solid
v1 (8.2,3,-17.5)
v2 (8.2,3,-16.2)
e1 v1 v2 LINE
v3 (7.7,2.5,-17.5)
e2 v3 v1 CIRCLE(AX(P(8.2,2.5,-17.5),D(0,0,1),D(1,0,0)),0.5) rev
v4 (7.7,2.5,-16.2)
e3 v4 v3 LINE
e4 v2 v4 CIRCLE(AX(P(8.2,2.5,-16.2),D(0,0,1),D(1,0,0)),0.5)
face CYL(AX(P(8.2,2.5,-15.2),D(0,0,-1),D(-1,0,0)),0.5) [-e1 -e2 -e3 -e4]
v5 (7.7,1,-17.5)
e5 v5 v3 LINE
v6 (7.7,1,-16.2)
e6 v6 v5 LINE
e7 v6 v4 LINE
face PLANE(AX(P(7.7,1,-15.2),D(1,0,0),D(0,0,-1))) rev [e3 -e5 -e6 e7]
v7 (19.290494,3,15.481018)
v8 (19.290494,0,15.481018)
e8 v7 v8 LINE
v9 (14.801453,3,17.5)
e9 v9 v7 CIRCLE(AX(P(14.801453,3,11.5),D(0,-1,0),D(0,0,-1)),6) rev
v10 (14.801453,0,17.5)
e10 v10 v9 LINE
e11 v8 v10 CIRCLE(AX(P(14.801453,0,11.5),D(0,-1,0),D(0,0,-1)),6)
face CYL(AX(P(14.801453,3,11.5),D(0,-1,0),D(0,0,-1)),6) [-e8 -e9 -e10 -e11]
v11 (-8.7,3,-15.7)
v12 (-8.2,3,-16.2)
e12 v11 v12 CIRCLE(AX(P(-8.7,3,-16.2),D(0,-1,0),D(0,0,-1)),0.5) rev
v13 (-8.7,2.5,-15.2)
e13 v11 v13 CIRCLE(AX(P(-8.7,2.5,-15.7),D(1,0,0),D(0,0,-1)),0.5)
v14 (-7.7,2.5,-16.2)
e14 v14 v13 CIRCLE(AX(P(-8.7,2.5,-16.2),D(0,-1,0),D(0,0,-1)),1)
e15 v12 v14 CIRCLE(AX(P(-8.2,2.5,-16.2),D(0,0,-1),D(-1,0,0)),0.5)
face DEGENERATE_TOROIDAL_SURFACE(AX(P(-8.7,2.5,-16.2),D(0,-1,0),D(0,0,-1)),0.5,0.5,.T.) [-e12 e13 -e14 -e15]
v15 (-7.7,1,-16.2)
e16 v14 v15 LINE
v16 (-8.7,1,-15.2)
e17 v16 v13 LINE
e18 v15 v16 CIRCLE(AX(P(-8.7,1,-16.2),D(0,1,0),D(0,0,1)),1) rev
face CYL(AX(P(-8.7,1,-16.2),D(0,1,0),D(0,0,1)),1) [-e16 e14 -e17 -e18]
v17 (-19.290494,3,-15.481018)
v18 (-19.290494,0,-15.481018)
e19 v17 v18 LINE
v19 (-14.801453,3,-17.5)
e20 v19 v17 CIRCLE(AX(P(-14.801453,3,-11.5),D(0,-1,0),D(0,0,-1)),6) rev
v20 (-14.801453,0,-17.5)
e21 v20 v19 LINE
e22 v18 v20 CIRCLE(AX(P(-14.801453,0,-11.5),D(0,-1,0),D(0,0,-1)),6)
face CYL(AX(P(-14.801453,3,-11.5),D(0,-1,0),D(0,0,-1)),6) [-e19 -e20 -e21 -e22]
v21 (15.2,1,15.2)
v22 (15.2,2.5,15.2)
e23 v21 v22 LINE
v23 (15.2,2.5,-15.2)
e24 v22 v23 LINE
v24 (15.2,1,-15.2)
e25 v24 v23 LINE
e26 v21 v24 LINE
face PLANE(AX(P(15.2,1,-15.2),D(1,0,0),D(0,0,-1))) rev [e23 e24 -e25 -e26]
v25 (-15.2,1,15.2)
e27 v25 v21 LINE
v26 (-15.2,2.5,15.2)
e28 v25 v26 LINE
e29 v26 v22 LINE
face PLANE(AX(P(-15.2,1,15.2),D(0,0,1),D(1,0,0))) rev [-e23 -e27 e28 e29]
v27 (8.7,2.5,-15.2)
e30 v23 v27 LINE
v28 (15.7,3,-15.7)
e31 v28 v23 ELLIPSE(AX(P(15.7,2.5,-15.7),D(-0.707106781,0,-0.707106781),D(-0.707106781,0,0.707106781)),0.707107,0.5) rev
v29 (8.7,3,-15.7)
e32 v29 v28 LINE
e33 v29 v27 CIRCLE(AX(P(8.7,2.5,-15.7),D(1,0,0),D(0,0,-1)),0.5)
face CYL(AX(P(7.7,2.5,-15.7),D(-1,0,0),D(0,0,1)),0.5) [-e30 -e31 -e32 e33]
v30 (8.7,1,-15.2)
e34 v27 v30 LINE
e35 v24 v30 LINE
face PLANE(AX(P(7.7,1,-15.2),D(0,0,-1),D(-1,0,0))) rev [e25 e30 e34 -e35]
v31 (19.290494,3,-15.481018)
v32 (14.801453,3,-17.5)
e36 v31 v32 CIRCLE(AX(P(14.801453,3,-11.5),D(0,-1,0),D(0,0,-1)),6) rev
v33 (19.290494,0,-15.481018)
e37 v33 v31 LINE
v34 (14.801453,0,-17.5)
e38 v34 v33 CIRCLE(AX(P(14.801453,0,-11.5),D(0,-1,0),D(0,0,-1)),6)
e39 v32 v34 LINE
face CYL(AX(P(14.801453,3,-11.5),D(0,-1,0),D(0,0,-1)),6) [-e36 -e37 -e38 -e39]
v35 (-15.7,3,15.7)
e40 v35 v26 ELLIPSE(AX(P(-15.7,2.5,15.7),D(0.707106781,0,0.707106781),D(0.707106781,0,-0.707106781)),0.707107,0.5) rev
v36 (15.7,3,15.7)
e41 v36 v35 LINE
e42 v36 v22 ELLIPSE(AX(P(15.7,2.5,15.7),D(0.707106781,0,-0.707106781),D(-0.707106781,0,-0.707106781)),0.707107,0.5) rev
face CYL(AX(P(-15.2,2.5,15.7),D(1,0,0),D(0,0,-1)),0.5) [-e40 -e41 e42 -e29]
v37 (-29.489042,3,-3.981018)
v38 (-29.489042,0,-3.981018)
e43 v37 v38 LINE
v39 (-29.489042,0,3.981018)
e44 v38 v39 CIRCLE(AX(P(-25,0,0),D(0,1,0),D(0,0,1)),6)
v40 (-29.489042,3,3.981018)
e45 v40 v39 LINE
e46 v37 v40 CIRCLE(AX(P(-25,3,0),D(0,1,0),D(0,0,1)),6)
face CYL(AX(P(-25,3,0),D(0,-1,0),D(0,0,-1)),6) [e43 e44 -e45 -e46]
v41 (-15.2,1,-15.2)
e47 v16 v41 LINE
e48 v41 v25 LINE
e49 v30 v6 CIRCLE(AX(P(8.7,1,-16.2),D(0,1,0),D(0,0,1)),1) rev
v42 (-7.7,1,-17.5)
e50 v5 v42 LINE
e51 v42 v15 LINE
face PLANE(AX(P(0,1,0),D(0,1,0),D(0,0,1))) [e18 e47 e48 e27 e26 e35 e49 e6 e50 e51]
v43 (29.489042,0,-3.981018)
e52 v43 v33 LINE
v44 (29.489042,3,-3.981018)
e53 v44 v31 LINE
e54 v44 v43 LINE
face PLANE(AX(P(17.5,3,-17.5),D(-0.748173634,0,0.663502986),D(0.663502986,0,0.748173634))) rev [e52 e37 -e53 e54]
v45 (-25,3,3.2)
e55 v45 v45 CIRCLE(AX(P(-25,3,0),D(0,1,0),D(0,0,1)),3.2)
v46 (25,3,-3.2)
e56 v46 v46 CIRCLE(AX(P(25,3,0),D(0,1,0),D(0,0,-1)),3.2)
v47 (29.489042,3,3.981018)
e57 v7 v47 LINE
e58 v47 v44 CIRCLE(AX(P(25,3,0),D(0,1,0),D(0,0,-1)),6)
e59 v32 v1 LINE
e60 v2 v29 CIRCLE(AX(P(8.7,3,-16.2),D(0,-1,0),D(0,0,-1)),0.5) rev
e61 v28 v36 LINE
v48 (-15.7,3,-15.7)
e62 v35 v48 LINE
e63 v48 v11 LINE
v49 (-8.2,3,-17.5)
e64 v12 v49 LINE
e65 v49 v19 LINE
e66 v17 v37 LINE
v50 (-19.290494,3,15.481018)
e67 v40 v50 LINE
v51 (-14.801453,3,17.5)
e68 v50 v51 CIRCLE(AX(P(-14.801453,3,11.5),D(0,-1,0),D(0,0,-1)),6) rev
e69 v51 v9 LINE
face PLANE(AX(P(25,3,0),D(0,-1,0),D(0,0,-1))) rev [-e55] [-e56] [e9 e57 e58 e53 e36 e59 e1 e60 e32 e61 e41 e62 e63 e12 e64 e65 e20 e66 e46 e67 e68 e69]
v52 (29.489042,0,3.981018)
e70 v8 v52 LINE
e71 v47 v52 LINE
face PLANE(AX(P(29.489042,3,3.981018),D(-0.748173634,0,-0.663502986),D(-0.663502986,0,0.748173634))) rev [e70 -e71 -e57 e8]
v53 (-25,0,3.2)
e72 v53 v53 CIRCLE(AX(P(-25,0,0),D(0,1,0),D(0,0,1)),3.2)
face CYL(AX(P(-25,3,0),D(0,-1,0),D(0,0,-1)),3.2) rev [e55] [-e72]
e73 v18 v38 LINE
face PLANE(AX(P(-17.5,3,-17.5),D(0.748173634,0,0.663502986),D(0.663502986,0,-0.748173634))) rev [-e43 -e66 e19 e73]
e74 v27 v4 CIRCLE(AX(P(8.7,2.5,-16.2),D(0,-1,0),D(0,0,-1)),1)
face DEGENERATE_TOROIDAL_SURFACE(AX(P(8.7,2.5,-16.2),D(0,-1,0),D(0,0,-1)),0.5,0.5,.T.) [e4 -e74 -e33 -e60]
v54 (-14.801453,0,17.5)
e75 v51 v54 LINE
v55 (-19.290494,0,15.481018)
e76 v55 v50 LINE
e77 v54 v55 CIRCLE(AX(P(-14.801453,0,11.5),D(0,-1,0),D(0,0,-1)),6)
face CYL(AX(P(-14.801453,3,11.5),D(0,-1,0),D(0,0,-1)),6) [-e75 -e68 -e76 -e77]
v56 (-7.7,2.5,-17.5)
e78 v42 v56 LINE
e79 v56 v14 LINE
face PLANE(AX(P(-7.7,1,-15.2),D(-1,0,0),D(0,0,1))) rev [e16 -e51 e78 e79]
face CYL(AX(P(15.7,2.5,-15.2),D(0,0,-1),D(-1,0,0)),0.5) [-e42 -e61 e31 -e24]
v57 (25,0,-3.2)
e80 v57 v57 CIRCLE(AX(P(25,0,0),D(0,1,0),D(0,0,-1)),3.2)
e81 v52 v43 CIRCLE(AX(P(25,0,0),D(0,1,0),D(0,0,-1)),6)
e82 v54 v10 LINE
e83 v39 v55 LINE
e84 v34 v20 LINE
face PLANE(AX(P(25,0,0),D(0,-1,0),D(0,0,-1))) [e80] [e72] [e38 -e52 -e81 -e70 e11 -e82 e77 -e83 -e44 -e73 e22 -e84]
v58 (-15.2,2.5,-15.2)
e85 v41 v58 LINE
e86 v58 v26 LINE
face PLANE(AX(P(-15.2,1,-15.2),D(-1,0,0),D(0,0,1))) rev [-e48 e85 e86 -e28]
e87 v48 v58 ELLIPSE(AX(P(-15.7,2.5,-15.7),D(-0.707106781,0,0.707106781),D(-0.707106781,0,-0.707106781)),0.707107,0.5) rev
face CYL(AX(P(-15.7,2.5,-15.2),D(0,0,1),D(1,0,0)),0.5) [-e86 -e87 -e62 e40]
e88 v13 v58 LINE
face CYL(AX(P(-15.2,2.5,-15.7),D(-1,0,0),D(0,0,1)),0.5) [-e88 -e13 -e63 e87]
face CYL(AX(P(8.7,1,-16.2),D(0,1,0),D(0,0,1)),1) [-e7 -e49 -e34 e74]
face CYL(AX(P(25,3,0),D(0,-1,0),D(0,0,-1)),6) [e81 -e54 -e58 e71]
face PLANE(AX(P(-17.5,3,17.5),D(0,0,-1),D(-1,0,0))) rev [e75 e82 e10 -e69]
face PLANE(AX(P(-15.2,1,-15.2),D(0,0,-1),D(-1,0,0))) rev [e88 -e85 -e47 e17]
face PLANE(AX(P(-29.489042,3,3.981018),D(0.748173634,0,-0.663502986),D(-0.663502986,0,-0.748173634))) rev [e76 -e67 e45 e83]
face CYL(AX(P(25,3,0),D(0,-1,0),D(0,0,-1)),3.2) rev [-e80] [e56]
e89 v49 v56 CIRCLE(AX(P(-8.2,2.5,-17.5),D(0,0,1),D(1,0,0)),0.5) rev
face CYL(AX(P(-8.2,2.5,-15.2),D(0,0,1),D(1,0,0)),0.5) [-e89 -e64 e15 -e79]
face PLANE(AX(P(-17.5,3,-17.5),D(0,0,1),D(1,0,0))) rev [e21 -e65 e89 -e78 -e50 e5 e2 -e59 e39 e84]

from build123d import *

# Parameters (mm, degrees)
SKETCH1_R           = 3.2
BOSS_EXTRUDE1_DEPTH = 3
CUT_EXTRUDE1_DEPTH  = 2
FILLET1_R           = 6
FILLET2_R           = 1
FILLET3_R           = 0.5


with BuildPart() as part:
    # Sketch1 → Boss-Extrude1 (new body)
    with BuildSketch(Plane(origin=(0, 0, 0), x_dir=(1, 0, 0), z_dir=(0, 1, 0))):
        with BuildLine():
            Line((-17.5, -17.5), (17.5, -17.5))
            Line((17.5, -17.5), (29.489041807, -3.981017917))
            ThreePointArc((29.489041807, -3.981017917), (31, 0), (29.489041807, 3.981017917))
            Line((29.489041807, 3.981017917), (17.5, 17.5))
            Line((17.5, 17.5), (-17.5, 17.5))
            Line((-17.5, 17.5), (-29.489041807, 3.981017917))
            ThreePointArc((-29.489041807, 3.981017917), (-31, 0), (-29.489041807, -3.981017917))
            Line((-29.489041807, -3.981017917), (-17.5, -17.5))
        make_face()
        with Locations((-25, 0)):
            Circle(SKETCH1_R, mode=Mode.SUBTRACT)
        with Locations((25, 0)):
            Circle(SKETCH1_R, mode=Mode.SUBTRACT)
    extrude(amount=BOSS_EXTRUDE1_DEPTH)

    # Sketch2 → Cut-Extrude1 (cut)
    with BuildSketch(Plane(origin=(0, 3, 0), x_dir=(1, 0, 0), z_dir=(0, 1, 0))):
        Polygon((-15.2, 15.2), (-7.7, 15.2), (-7.7, 17.5), (7.7, 17.5), (7.7, 15.2), (15.2, 15.2), (15.2, -15.2), (-15.2, -15.2), align=None)
    extrude(amount=-CUT_EXTRUDE1_DEPTH, mode=Mode.SUBTRACT)

    # Fillet1
    fillet1_edges = [part.edges().sort_by_distance(p)[0] for p in [
        (17.5, 1.5, 17.5),
        (-17.5, 1.5, 17.5),
        (-17.5, 1.5, -17.5),
        (17.5, 1.5, -17.5),
    ]]
    fillet(fillet1_edges, radius=FILLET1_R)

    # Fillet2
    fillet2_edges = [part.edges().sort_by_distance(p)[0] for p in [
        (-7.7, 2, -15.2),
        (7.7, 2, -15.2),
    ]]
    fillet(fillet2_edges, radius=FILLET2_R)

    # Fillet3
    fillet3_edges = [part.edges().sort_by_distance(p)[0] for p in [
        (-11.95, 3, -15.2),
        (-7.992893219, 3, -15.492893219),
        (7.992893219, 3, -15.492893219),
        (15.2, 3, 0),
        (11.95, 3, -15.2),
        (-7.7, 3, -16.85),
        (-15.2, 3, 0),
        (0, 3, 15.2),
        (7.7, 3, -16.85),
    ]]
    fillet(fillet3_edges, radius=FILLET3_R)


solid = part.part
